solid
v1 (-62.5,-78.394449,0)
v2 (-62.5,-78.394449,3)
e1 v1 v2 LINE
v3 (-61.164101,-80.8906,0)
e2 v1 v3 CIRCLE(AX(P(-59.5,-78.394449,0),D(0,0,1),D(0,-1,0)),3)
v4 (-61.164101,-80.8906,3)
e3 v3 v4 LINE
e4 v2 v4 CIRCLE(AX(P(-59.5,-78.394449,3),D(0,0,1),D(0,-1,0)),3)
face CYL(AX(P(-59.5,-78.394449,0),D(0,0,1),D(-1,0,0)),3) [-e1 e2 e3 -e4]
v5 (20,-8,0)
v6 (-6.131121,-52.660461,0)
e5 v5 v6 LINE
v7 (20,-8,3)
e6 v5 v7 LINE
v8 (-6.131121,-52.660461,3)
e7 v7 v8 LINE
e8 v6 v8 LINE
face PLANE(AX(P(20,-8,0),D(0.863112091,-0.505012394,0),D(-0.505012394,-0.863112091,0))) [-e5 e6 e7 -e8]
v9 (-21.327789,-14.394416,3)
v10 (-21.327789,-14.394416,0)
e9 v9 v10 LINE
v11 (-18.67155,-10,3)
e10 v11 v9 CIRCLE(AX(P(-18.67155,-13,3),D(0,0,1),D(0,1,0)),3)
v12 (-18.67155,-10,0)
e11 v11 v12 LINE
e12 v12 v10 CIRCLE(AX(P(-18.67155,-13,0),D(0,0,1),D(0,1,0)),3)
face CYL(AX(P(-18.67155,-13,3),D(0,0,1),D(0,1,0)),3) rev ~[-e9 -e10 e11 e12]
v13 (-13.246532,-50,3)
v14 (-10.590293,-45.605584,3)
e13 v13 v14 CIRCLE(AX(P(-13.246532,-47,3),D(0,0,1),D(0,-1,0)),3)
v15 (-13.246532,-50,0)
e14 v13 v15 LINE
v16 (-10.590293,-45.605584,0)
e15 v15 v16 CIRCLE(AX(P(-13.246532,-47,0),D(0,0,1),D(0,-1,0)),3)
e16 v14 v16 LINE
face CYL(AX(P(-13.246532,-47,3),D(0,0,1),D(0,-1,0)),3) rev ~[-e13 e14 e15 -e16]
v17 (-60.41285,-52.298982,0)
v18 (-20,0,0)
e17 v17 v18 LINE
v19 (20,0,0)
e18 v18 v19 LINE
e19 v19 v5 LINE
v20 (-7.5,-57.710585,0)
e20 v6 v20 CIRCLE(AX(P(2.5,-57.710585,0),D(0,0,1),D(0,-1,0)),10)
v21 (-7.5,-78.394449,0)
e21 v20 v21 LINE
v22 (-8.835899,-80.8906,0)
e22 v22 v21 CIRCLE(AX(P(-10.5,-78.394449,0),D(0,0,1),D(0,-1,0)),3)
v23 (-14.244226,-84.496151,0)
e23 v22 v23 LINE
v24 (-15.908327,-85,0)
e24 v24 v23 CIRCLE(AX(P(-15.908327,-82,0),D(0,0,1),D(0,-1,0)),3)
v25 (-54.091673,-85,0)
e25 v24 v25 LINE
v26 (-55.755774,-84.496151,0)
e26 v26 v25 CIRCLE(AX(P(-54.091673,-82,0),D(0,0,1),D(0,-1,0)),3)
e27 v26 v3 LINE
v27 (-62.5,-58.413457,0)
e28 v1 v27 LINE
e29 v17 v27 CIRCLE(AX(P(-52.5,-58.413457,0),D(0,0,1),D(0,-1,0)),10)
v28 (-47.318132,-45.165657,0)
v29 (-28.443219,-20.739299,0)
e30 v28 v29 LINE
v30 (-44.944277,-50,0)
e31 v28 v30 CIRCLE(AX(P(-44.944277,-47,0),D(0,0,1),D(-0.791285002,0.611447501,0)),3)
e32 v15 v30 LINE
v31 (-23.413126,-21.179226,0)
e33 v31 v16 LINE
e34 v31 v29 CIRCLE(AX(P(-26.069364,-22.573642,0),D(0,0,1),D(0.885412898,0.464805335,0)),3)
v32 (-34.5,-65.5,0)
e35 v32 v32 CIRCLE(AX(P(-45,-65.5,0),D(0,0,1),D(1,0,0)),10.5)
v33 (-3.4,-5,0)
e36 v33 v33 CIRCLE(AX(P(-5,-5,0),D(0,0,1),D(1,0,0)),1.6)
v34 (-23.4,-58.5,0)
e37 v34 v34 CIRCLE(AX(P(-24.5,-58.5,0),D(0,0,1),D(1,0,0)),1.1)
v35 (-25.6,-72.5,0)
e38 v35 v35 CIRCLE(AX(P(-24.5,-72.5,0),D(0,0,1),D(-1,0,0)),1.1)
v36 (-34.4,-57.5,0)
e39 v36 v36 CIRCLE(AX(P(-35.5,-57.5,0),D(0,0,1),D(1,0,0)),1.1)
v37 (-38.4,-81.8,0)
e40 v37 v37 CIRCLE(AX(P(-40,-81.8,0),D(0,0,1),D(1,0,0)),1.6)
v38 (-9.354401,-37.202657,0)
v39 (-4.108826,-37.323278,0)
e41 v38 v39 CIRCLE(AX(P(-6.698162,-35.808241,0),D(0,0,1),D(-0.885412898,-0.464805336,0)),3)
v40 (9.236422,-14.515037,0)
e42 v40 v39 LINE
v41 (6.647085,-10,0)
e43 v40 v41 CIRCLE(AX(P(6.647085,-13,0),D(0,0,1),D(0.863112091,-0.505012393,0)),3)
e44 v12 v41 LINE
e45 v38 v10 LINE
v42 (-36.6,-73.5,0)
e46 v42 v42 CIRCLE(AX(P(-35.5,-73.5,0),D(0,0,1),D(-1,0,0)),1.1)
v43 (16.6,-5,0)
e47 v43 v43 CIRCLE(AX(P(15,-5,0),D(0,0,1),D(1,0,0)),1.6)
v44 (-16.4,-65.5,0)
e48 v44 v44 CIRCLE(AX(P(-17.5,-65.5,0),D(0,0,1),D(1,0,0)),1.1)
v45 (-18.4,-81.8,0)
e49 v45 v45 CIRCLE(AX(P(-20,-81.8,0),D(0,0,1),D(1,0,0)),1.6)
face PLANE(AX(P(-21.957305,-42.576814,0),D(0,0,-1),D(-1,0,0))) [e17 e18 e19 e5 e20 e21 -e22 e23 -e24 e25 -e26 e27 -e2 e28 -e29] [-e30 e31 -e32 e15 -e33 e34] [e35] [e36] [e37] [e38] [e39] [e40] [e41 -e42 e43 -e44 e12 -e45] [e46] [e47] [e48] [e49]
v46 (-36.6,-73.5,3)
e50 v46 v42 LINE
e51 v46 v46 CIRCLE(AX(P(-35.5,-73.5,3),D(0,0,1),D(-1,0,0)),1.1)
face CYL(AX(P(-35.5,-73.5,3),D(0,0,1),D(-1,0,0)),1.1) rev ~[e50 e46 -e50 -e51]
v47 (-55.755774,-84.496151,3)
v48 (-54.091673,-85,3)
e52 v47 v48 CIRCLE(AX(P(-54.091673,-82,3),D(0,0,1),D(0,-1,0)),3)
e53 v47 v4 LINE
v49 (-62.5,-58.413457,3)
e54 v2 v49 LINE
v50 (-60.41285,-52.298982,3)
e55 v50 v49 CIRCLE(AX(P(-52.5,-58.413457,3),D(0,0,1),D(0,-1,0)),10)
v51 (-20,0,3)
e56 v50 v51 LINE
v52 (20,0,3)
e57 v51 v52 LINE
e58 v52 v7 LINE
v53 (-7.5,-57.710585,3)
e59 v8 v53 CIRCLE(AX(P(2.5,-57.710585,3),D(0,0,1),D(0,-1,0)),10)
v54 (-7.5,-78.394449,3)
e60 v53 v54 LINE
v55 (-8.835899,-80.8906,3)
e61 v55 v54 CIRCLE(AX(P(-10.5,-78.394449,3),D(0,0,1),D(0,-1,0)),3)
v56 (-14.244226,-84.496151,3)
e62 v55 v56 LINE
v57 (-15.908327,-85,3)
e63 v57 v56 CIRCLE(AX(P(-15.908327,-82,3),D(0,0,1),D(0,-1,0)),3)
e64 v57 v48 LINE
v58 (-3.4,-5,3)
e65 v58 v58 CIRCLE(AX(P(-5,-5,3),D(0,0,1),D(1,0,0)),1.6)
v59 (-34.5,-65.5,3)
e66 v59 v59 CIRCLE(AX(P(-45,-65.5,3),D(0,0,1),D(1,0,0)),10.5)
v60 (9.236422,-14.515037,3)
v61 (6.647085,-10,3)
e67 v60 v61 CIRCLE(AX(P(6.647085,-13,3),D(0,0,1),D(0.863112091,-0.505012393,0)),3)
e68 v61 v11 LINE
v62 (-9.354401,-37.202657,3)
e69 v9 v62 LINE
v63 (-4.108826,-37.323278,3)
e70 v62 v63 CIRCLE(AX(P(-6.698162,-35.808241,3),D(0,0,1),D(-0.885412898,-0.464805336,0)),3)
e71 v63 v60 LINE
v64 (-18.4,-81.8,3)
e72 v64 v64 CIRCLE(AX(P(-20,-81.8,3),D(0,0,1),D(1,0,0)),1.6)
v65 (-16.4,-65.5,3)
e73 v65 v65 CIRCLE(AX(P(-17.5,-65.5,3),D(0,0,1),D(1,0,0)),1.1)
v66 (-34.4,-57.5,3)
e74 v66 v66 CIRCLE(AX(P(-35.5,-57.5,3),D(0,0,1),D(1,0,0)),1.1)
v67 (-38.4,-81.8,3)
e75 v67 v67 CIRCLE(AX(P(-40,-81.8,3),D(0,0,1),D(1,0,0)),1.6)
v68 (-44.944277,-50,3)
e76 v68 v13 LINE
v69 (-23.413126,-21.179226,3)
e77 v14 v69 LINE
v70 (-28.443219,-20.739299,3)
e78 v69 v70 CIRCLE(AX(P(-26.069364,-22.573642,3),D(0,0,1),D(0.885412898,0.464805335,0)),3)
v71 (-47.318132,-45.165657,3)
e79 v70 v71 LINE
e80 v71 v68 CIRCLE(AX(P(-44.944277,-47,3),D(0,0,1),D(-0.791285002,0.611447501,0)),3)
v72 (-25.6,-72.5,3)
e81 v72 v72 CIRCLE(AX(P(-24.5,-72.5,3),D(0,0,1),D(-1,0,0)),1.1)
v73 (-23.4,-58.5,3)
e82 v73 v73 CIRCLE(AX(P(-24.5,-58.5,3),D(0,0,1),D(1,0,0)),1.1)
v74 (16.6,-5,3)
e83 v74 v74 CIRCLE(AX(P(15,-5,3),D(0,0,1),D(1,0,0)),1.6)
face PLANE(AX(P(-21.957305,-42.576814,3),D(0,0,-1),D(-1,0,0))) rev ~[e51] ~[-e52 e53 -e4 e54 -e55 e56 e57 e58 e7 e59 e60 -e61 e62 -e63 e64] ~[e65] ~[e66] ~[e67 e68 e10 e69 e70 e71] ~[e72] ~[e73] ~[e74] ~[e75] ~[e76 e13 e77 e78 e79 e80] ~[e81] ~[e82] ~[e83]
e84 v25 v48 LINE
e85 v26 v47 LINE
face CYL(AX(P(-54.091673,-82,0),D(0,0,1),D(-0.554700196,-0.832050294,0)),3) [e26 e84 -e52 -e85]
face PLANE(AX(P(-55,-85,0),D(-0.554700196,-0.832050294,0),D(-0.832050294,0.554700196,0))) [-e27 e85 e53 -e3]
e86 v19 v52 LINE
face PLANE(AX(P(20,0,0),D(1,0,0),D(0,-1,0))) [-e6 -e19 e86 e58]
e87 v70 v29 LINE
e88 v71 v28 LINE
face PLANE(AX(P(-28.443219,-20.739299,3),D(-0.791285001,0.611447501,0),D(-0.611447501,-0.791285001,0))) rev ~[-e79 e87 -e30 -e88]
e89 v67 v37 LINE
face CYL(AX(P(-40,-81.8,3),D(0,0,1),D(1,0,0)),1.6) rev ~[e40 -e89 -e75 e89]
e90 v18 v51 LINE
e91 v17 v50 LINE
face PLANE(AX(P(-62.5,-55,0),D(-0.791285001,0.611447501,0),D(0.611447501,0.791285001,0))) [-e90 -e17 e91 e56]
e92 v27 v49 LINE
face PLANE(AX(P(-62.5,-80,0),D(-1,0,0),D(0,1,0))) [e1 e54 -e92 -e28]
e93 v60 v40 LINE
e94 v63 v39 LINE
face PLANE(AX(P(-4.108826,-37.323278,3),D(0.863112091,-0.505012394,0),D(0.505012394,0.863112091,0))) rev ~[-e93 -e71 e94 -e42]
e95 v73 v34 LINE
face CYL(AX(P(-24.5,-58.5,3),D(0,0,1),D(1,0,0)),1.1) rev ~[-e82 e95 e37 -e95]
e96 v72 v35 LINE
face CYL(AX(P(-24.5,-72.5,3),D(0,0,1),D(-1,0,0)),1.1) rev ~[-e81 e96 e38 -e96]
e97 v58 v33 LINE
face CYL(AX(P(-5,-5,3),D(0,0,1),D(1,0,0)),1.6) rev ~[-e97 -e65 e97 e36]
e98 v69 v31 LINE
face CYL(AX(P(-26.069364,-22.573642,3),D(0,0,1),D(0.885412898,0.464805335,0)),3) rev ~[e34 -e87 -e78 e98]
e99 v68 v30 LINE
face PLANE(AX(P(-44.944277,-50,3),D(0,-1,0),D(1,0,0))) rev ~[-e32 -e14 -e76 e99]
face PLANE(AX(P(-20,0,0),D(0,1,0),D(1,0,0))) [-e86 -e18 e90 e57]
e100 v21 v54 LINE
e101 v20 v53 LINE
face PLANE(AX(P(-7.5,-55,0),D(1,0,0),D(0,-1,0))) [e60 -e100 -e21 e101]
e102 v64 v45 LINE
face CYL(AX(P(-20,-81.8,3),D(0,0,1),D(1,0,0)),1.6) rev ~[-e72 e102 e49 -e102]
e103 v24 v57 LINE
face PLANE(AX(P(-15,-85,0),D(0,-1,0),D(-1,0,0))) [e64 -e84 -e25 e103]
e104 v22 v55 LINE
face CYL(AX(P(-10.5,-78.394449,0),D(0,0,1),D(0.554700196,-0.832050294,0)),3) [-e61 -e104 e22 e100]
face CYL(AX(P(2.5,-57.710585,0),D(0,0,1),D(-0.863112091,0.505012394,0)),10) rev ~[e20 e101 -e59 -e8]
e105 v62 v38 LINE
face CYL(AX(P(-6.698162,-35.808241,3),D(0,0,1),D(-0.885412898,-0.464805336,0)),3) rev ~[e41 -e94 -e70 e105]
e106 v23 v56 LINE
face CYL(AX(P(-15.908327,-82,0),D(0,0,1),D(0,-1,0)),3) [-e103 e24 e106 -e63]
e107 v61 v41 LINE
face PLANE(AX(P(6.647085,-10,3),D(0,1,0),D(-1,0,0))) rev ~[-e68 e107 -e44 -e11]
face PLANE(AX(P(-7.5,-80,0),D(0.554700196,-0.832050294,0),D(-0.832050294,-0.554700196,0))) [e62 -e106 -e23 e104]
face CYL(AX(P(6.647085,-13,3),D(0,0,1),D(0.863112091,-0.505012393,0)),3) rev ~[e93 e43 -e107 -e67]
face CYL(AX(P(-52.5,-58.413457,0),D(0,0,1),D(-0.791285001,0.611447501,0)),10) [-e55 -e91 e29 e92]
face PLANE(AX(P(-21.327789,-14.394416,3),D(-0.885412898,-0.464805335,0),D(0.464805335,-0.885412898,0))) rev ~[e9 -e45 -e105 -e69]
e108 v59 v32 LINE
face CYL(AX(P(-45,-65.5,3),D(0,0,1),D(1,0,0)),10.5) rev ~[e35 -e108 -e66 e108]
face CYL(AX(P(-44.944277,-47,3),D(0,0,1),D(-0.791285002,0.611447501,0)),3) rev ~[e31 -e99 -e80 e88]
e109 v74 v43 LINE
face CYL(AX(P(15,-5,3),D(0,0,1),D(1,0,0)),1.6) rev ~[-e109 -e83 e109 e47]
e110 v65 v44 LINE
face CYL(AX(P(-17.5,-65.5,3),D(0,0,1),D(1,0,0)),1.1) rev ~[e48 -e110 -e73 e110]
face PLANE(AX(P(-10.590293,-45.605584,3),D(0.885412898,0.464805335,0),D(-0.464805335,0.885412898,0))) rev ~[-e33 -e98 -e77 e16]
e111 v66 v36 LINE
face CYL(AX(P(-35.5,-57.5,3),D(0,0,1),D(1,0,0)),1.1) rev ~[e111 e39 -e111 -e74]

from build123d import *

# Parameters (mm, degrees)
EXTRUDE_3_DEPTH     = 3
SKETCH_6_R          = 1.6
SKETCH_6_R_2        = 1.1
SKETCH_6_R_3        = 10.5
CUT_EXTRUDE_1_DEPTH = 106.547382725
CUT_EXTRUDE_2_DEPTH = 10
FILLET_1_R          = 10
FILLET_2_R          = 3


with BuildPart() as part:
    # 草图5 → 凸台-拉伸3 (new body)
    with BuildSketch(Plane.XY):
        Polygon((-20, 0), (20, 0), (20, -8), (-7.5, -55), (-7.5, -80), (-15, -85), (-55, -85), (-62.5, -80), (-62.5, -55), align=None)
    extrude(amount=EXTRUDE_3_DEPTH)

    # 草图6 → 切除-拉伸1 (cut, through all)
    with BuildSketch(Plane.XY.offset(3)):
        with Locations((-5, -5)):
            Circle(SKETCH_6_R)
        with Locations((15, -5)):
            Circle(SKETCH_6_R)
        with Locations((-40, -81.8)):
            Circle(SKETCH_6_R)
        with Locations((-20, -81.8)):
            Circle(SKETCH_6_R)
        with Locations((-17.5, -65.5)):
            Circle(SKETCH_6_R_2)
        with Locations((-24.5, -58.5)):
            Circle(SKETCH_6_R_2)
        with Locations((-35.5, -57.5)):
            Circle(SKETCH_6_R_2)
        with Locations(Location((-35.5, -73.5, 0), (0, 0, 180))):
            Circle(SKETCH_6_R_2)
        with Locations(Location((-24.5, -72.5, 0), (0, 0, 180))):
            Circle(SKETCH_6_R_2)
        with Locations((-45, -65.5)):
            Circle(SKETCH_6_R_3)
    extrude(amount=-CUT_EXTRUDE_1_DEPTH, mode=Mode.SUBTRACT)

    # 草图7 → 切除-拉伸2 (cut)
    with BuildSketch(Plane.XY.offset(3)):
        with BuildLine():
            Line((-28.443219333, -20.739299448), (-47.318132371, -45.165657497))
            ThreePointArc((-47.318132371, -45.165657497), (-47.637140852, -48.322303386), (-44.944277366, -50))
            Line((-44.944277366, -50), (-13.246531534, -50))
            ThreePointArc((-13.246531534, -50), (-10.67911571, -48.551894323), (-10.590292839, -45.605583994))
            Line((-10.590292839, -45.605583994), (-23.413125634, -21.179225945))
            ThreePointArc((-23.413125634, -21.179225945), (-25.807985355, -19.585050137), (-28.443219333, -20.739299448))
        make_face()
        with BuildLine():
            Line((-4.108825767, -37.323278412), (9.236421762, -14.515037181))
            ThreePointArc((9.236421762, -14.515037181), (9.249498939, -11.507537529), (6.647085488, -10))
            Line((6.647085488, -10), (-18.671550094, -10))
            ThreePointArc((-18.671550094, -10), (-21.238965917, -11.448105677), (-21.327788788, -14.394416006))
            Line((-21.327788788, -14.394416006), (-9.354400735, -37.202657237))
            ThreePointArc((-9.354400735, -37.202657237), (-6.76712834, -38.8074484), (-4.108825767, -37.323278412))
        make_face()
    extrude(amount=-CUT_EXTRUDE_2_DEPTH, mode=Mode.SUBTRACT)

    # 圆角1
    fillet_1_edges = [part.edges().sort_by_distance(p)[0] for p in [
        (-62.5, -55, 1.5),
        (-7.5, -55, 1.5),
    ]]
    fillet(fillet_1_edges, radius=FILLET_1_R)

    # 圆角2
    fillet_2_edges = [part.edges().sort_by_distance(p)[0] for p in [
        (-62.5, -80, 1.5),
        (-7.5, -80, 1.5),
        (-15, -85, 1.5),
        (-55, -85, 1.5),
    ]]
    fillet(fillet_2_edges, radius=FILLET_2_R)


solid = part.part
